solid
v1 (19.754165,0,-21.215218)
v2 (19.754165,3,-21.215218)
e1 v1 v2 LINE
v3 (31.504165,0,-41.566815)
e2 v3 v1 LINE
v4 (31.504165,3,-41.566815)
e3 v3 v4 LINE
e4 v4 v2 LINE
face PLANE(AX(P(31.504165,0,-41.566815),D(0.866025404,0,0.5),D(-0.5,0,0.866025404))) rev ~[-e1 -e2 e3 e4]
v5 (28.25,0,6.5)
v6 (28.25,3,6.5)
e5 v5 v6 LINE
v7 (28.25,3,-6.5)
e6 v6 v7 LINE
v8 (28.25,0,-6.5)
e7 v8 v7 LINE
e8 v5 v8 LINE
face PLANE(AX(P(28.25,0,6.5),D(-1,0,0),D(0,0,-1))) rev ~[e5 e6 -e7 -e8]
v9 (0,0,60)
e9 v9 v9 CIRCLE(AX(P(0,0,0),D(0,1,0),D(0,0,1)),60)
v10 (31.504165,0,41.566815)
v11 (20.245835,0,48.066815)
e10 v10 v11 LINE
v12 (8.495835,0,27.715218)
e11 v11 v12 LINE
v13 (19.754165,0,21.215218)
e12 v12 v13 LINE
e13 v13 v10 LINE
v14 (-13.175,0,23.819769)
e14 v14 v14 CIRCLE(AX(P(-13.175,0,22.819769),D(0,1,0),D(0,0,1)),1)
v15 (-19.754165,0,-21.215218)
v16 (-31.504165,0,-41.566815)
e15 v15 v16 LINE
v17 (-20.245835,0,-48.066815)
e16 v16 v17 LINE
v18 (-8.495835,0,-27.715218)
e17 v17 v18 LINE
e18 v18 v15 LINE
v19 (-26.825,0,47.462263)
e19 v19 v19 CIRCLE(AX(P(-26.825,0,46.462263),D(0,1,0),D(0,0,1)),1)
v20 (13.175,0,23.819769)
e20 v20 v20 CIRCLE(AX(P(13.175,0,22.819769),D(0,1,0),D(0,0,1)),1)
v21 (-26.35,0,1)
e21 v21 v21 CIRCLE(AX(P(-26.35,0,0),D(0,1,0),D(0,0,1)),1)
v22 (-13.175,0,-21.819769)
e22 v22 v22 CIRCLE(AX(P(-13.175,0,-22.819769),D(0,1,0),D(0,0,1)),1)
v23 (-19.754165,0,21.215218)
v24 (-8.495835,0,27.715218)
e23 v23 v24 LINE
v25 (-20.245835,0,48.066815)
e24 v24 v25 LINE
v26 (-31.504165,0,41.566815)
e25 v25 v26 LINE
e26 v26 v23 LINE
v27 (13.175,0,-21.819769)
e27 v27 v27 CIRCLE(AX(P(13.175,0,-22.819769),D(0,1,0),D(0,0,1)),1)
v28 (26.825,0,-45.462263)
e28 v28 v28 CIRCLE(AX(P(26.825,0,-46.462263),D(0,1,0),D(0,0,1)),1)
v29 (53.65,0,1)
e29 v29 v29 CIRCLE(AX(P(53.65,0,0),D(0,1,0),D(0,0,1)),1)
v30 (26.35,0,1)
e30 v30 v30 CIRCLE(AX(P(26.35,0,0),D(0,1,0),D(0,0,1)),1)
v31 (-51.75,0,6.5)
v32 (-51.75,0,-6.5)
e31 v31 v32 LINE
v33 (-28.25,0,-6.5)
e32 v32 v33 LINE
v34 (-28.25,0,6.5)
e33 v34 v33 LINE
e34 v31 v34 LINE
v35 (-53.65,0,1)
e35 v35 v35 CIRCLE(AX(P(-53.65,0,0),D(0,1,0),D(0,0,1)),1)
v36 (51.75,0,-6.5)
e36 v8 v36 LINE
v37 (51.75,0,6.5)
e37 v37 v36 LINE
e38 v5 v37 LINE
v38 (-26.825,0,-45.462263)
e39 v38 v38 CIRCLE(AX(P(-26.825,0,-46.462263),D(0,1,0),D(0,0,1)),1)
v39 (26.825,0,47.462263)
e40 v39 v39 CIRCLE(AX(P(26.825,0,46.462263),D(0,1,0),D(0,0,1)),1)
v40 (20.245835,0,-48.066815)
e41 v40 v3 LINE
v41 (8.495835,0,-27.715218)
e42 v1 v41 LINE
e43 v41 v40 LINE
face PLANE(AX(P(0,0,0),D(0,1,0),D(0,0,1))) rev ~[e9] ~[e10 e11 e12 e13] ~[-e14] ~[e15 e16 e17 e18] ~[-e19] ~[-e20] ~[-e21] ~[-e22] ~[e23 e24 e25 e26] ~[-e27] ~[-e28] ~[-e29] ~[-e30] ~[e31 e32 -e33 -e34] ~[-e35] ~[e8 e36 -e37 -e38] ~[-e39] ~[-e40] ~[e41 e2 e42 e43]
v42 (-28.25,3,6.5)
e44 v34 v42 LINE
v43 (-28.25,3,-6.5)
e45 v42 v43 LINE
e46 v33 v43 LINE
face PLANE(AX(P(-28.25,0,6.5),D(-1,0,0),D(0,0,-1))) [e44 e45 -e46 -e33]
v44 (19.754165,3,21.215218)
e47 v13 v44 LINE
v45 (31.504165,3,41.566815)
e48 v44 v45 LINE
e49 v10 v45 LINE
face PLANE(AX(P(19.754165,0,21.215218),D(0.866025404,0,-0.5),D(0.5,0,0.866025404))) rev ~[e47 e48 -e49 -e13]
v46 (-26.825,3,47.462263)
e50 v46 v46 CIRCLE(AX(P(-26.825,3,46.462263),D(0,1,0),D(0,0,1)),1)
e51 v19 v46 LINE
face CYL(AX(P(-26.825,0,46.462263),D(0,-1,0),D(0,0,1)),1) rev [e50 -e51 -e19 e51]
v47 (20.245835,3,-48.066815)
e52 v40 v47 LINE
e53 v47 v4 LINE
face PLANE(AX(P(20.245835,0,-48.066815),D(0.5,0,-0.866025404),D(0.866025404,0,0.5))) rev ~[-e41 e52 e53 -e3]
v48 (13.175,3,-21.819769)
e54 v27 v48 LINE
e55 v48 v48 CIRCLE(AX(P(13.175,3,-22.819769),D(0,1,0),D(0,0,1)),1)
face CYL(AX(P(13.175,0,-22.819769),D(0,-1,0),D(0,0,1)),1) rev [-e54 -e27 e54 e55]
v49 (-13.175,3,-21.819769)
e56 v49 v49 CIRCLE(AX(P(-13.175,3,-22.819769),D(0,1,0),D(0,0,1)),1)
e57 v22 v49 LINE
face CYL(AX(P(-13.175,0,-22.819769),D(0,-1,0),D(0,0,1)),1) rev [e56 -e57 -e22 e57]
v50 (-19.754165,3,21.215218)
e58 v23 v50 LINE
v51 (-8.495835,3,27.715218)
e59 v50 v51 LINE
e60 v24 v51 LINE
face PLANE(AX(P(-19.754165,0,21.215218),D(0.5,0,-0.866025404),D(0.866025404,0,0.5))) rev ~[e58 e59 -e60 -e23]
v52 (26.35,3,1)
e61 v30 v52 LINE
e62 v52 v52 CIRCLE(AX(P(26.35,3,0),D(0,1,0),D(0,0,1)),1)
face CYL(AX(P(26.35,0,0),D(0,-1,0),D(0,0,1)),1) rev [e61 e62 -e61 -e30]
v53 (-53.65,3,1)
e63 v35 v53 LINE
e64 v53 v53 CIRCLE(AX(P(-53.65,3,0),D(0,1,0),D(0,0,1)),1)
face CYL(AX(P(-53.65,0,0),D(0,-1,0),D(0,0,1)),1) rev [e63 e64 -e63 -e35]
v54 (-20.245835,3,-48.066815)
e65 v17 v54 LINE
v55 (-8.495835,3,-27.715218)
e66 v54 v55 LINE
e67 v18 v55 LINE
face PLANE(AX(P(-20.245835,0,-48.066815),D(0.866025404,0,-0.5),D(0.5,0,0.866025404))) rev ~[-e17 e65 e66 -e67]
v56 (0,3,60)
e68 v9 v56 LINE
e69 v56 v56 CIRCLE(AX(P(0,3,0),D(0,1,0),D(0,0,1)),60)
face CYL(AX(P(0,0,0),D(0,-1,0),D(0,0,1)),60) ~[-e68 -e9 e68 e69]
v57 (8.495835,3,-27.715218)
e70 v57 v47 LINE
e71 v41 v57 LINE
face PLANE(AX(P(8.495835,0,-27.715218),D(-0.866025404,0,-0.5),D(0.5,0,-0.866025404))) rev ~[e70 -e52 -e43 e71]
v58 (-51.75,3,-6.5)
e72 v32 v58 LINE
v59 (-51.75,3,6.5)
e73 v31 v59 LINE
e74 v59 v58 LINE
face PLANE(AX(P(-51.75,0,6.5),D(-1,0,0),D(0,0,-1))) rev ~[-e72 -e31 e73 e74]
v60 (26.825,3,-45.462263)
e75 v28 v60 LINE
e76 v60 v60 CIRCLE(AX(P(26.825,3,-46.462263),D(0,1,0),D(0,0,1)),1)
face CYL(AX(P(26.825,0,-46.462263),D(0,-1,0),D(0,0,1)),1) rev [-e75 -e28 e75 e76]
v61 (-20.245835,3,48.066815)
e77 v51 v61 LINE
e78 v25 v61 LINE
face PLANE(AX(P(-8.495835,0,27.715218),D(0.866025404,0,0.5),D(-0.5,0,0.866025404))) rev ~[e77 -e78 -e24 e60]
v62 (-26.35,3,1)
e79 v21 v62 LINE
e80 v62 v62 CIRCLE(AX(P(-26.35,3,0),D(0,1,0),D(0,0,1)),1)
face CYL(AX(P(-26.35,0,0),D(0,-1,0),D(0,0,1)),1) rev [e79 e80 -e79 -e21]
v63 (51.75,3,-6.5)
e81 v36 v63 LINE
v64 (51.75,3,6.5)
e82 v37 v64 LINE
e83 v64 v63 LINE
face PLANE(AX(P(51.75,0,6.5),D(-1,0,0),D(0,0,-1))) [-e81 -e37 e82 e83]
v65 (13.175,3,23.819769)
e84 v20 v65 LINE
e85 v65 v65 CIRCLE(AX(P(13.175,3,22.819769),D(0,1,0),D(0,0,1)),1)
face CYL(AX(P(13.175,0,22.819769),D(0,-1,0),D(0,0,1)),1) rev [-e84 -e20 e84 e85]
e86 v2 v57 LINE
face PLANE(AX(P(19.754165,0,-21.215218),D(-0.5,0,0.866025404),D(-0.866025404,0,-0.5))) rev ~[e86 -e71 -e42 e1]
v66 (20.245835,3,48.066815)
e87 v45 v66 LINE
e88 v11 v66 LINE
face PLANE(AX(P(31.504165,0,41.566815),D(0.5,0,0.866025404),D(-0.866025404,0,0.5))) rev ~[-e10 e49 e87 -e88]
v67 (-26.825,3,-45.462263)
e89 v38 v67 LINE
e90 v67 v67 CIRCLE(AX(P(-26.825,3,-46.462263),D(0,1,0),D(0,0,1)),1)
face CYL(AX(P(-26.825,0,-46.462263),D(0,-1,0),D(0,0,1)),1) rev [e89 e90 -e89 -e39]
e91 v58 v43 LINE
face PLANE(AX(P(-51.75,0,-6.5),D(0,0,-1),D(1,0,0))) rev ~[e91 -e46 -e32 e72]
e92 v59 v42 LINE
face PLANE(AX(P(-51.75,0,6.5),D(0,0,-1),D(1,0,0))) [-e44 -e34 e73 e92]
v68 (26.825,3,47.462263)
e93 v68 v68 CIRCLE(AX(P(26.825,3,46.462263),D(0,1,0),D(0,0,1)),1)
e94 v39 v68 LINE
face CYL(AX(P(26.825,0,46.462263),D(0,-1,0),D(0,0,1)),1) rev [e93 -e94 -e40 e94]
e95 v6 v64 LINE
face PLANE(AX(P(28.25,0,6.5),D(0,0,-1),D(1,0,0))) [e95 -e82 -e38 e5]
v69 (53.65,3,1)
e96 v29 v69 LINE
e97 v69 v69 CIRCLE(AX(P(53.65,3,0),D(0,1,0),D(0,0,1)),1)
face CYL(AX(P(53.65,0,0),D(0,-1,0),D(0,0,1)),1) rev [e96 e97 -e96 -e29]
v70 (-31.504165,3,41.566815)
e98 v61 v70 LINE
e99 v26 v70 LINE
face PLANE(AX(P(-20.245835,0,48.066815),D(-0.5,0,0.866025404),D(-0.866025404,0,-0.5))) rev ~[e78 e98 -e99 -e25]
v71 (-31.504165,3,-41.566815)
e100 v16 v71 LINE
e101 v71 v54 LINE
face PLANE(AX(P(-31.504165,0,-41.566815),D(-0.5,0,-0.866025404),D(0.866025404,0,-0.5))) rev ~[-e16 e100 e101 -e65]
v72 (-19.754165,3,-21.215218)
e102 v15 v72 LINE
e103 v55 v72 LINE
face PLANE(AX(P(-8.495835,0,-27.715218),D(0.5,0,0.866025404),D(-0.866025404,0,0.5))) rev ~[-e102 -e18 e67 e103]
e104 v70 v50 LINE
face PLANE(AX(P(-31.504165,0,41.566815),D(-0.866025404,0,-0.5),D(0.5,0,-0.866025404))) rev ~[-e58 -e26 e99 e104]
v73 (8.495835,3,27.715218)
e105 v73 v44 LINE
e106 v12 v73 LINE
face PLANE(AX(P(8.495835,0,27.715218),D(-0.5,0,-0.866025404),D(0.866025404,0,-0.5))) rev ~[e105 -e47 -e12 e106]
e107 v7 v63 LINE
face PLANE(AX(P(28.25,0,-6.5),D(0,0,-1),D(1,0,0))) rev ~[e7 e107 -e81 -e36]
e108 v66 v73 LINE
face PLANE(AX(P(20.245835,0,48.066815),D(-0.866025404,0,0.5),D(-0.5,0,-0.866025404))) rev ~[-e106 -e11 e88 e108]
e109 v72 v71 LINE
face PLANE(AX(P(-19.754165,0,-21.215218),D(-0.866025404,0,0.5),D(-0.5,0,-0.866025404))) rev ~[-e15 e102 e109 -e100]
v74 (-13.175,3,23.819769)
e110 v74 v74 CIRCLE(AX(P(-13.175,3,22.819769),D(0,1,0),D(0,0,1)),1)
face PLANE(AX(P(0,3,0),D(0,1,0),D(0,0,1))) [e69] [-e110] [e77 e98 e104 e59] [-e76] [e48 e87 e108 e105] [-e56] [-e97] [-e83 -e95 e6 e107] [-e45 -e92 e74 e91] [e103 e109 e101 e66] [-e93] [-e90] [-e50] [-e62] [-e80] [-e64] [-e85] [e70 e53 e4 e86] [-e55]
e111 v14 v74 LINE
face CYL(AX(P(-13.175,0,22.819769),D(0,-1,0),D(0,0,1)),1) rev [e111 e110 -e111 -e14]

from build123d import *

# Parameters (mm, degrees)
SKETCH1_R           = 60
SKETCH1_R_2         = 1
SKETCH1_W           = 23.5
SKETCH1_H           = 13
BOSS_EXTRUDE1_DEPTH = 3


with BuildPart() as part:
    # Sketch1 → Boss-Extrude1 (new body)
    with BuildSketch(Plane(origin=(0, 0, 0), x_dir=(1, 0, 0), z_dir=(0, 1, 0))):
        with Locations(Location((0, 0, 0), (0, 0, 270))):
            Circle(SKETCH1_R)
        with Locations(Location((26.35, 0, 0), (0, 0, 270))):
            Circle(SKETCH1_R_2, mode=Mode.SUBTRACT)
        with Locations(Location((53.65, 0, 0), (0, 0, 270))):
            Circle(SKETCH1_R_2, mode=Mode.SUBTRACT)
        with Locations(Location((13.175, -22.81976939, 0), (0, 0, 270))):
            Circle(SKETCH1_R_2, mode=Mode.SUBTRACT)
        with Locations(Location((26.825, -46.462262913, 0), (0, 0, 270))):
            Circle(SKETCH1_R_2, mode=Mode.SUBTRACT)
        with Locations(Location((-13.175, -22.81976939, 0), (0, 0, 270))):
            Circle(SKETCH1_R_2, mode=Mode.SUBTRACT)
        with Locations(Location((-26.825, -46.462262913, 0), (0, 0, 270))):
            Circle(SKETCH1_R_2, mode=Mode.SUBTRACT)
        with Locations(Location((-26.35, 0, 0), (0, 0, 270))):
            Circle(SKETCH1_R_2, mode=Mode.SUBTRACT)
        with Locations(Location((-53.65, 0, 0), (0, 0, 270))):
            Circle(SKETCH1_R_2, mode=Mode.SUBTRACT)
        with Locations(Location((-13.175, 22.81976939, 0), (0, 0, 270))):
            Circle(SKETCH1_R_2, mode=Mode.SUBTRACT)
        with Locations(Location((-26.825, 46.462262913, 0), (0, 0, 270))):
            Circle(SKETCH1_R_2, mode=Mode.SUBTRACT)
        with Locations(Location((13.175, 22.81976939, 0), (0, 0, 270))):
            Circle(SKETCH1_R_2, mode=Mode.SUBTRACT)
        with Locations(Location((26.825, 46.462262913, 0), (0, 0, 270))):
            Circle(SKETCH1_R_2, mode=Mode.SUBTRACT)
        with Locations((40, 0)):
            Rectangle(SKETCH1_W, SKETCH1_H, mode=Mode.SUBTRACT)
        Polygon((8.495834875, -27.715217657), (19.754165125, -21.215217657), (31.504165125, -41.566814646), (20.245834875, -48.066814646), align=None, mode=Mode.SUBTRACT)
        Polygon((-19.754165125, -21.215217657), (-8.495834875, -27.715217657), (-20.245834875, -48.066814646), (-31.504165125, -41.566814646), align=None, mode=Mode.SUBTRACT)
        with Locations((-40, 0)):
            Rectangle(SKETCH1_W, SKETCH1_H, mode=Mode.SUBTRACT)
        Polygon((-8.495834875, 27.715217657), (-19.754165125, 21.215217657), (-31.504165125, 41.566814646), (-20.245834875, 48.066814646), align=None, mode=Mode.SUBTRACT)
        Polygon((19.754165125, 21.215217657), (8.495834875, 27.715217657), (20.245834875, 48.066814646), (31.504165125, 41.566814646), align=None, mode=Mode.SUBTRACT)
    extrude(amount=BOSS_EXTRUDE1_DEPTH)


solid = part.part
